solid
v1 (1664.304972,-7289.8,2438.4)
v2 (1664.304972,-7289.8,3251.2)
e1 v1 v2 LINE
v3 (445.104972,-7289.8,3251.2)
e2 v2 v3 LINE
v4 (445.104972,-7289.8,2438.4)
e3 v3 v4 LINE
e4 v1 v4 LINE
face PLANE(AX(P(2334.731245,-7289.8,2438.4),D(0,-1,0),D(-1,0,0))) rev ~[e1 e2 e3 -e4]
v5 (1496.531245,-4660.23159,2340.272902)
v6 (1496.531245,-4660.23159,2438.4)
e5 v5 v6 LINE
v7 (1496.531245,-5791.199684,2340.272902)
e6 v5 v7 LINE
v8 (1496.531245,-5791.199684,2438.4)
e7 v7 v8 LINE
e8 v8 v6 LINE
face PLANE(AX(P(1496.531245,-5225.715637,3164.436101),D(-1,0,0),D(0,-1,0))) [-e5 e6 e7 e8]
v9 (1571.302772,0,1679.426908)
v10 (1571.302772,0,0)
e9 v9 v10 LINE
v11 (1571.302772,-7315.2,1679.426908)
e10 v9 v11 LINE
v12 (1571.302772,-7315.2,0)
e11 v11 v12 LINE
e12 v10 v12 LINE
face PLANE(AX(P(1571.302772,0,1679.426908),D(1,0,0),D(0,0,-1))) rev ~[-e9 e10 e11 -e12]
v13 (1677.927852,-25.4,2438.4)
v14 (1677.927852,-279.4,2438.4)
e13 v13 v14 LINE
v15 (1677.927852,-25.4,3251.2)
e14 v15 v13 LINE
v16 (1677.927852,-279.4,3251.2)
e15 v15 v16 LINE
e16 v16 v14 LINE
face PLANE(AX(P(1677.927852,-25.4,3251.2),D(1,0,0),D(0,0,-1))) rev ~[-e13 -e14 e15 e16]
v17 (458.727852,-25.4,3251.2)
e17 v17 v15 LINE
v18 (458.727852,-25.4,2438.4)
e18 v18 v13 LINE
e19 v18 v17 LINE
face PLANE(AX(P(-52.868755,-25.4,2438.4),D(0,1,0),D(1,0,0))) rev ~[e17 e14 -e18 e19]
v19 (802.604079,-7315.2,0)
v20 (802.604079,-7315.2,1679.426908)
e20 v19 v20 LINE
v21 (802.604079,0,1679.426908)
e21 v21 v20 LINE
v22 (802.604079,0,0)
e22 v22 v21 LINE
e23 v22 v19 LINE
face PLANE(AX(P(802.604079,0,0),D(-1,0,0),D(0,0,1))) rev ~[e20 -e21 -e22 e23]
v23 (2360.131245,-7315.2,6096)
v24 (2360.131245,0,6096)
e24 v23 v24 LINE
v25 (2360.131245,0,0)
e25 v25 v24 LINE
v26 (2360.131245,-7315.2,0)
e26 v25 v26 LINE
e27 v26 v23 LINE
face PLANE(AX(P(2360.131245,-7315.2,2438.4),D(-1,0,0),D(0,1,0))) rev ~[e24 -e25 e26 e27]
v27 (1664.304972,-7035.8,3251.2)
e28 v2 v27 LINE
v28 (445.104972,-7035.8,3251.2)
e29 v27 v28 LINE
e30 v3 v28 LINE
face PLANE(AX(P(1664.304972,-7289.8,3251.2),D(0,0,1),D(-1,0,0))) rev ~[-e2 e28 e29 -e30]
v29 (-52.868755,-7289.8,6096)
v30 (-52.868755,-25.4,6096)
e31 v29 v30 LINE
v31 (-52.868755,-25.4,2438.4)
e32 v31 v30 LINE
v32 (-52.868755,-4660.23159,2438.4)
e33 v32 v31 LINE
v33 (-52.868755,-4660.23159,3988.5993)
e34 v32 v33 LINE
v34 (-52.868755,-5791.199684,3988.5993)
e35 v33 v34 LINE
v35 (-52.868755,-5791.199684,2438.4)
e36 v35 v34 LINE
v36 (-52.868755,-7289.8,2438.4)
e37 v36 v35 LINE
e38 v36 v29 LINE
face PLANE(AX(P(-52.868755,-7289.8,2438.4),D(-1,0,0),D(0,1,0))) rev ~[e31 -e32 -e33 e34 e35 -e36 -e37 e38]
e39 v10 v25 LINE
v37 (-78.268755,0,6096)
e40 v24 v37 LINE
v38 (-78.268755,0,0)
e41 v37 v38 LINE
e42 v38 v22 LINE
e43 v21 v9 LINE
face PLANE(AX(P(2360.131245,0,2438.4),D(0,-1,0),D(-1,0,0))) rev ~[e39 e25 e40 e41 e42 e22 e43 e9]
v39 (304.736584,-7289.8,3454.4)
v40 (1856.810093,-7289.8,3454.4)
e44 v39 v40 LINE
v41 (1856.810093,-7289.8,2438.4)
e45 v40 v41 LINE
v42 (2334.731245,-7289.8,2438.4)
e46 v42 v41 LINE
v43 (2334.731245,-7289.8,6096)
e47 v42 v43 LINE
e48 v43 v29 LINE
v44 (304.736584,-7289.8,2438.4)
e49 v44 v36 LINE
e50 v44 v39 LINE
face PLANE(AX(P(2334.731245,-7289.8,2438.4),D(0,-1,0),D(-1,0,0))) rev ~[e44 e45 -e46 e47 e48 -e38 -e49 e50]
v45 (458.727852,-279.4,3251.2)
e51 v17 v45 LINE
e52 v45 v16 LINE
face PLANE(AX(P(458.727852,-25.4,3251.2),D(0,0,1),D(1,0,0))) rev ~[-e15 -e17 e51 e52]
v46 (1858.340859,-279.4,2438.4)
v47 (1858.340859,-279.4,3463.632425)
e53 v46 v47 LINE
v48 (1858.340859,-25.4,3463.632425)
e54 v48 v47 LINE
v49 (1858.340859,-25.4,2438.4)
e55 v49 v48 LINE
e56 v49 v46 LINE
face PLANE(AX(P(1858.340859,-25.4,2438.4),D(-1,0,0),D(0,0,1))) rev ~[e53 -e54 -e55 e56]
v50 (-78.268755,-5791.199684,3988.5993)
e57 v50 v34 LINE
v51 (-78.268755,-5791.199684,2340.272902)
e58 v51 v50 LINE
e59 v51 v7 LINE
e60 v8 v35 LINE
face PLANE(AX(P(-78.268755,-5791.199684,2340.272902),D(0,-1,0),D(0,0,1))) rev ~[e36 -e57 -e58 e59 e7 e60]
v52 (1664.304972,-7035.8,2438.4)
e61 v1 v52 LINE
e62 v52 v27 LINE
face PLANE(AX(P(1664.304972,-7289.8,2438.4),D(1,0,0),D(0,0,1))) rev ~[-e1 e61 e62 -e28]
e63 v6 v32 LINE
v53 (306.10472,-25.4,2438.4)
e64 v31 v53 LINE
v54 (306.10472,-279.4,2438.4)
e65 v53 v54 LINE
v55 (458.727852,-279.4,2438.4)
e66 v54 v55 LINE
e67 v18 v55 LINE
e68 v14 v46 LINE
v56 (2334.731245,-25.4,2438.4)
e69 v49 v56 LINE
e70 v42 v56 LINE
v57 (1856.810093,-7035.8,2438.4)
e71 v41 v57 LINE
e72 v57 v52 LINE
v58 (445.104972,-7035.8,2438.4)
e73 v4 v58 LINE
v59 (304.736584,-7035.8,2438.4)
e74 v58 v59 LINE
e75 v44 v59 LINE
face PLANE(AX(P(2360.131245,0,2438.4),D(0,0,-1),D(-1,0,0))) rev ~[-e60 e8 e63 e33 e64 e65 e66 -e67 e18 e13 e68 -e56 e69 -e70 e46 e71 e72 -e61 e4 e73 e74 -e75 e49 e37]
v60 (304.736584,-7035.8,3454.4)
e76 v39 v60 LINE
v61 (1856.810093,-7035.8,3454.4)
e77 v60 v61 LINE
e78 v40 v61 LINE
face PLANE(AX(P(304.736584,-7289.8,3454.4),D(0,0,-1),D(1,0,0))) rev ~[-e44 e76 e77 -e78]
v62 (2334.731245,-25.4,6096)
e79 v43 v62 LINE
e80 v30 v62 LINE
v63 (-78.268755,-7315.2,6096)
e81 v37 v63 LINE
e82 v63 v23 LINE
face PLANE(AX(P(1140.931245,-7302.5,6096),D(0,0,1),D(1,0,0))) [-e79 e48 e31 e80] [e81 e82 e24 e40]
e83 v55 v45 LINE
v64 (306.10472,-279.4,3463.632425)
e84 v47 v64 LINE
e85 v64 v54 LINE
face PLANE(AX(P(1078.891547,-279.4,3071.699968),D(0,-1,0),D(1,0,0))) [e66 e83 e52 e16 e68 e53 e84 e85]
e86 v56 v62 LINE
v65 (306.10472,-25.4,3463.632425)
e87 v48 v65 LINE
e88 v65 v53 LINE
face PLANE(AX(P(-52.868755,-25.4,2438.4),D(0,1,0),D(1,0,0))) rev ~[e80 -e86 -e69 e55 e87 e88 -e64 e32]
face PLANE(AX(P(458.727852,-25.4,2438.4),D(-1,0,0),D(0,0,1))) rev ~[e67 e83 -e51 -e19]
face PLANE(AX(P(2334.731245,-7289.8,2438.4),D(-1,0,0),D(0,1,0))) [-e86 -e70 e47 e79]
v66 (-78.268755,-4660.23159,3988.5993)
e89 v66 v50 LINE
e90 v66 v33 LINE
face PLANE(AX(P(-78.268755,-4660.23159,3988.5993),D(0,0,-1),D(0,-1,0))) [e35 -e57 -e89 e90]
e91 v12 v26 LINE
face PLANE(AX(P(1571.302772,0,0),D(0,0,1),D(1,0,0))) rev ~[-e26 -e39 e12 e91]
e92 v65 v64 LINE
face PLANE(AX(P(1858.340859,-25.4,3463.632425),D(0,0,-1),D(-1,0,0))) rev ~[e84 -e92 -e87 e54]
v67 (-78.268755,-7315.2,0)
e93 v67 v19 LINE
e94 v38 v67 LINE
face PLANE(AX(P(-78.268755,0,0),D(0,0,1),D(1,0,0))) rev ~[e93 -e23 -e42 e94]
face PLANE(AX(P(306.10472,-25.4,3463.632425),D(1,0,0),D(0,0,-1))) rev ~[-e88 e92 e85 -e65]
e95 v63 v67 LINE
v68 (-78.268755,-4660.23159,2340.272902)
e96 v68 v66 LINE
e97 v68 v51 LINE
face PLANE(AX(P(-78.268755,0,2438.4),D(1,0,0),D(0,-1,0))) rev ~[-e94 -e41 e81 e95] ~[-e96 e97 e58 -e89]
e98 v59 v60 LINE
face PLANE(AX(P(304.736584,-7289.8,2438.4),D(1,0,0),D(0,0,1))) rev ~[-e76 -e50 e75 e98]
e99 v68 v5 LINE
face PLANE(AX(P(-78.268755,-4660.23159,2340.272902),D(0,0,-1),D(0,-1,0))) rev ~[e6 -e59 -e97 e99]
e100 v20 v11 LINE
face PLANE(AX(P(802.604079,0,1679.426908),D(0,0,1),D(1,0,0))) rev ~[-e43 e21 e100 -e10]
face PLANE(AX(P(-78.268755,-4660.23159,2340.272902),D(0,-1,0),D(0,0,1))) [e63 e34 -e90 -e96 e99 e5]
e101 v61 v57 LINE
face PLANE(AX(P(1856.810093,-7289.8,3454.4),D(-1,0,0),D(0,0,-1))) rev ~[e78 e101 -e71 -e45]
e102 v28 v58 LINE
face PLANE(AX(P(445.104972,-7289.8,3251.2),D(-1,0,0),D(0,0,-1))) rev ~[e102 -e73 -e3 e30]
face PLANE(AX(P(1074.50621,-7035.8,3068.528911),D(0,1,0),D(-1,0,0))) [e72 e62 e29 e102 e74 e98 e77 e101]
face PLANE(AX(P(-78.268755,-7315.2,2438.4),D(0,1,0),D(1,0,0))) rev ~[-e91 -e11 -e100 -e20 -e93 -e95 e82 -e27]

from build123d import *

# Parameters (mm, degrees)
F1_DEPTH = 7315.2
F2_W     = 25.4
F2_H     = 7264.4
F3_DEPTH = 3657.6
F4_W     = 1130.968094
F4_H     = 1648.326397
F5_DEPTH = 1574.8
F7_DEPTH = 254
F9_DEPTH = 254


with BuildPart() as f1:
    # F0 (on Front) → F1 (new body)
    with BuildSketch(Plane.XZ):
        Polygon((2360.131245, 2438.4), (-78.268755, 2438.4), (-78.268755, 0), (802.604079, 0), (802.604079, 1679.426908), (1571.302772, 1679.426908), (1571.302772, 0), (2360.131245, 0), align=None)
    extrude(amount=F1_DEPTH)

    # F2 (on face) → F3 (join)
    with BuildSketch(Plane.XY.offset(2438.4)):
        Polygon((-78.268755, -7289.8), (-78.268755, -7315.2), (2360.131245, -7315.2), (2360.131245, -7289.8), (2334.731245, -7289.8), (-52.868755, -7289.8), align=None)
        Polygon((-78.268755, 0), (-78.268755, -7289.8), (-52.868755, -7289.8), (-52.868755, -25.4), (-52.868755, 0), align=None)
        with Locations((2347.431245, -3657.6)):
            Rectangle(F2_W, F2_H)
        Polygon((2334.731245, -25.4), (2360.131245, -25.4), (2360.131245, 0), (-52.868755, 0), (-52.868755, -25.4), align=None)
    extrude(amount=F3_DEPTH)

    # F4 (on face) → F5 (cut)
    with BuildSketch(Plane(origin=(-78.268755, 0, 0), x_dir=(0, -1, 0), z_dir=(-1, 0, 0))):
        with Locations((5225.715637, 3164.436101)):
            Rectangle(F4_W, F4_H)
    extrude(amount=-F5_DEPTH, mode=Mode.SUBTRACT)

    # F6 (on face) → F7 (join)
    with BuildSketch(Plane.XZ.offset(25.4)):
        Polygon((458.727852, 2438.4), (458.727852, 3251.2), (1677.927852, 3251.2), (1677.927852, 2438.4), (1858.340859, 2438.4), (1858.340859, 3463.632425), (306.10472, 3463.632425), (306.10472, 2438.4), align=None)
    extrude(amount=F7_DEPTH)

    # F8 (on face) → F9 (join)
    with BuildSketch(Plane(origin=(0, -7289.8, 0), x_dir=(-1, 0, 0), z_dir=(0, 1, 0))):
        Polygon((-1664.304972, 2438.4), (-1664.304972, 3251.2), (-445.104972, 3251.2), (-445.104972, 2438.4), (-304.736584, 2438.4), (-304.736584, 3454.4), (-1856.810093, 3454.4), (-1856.810093, 2438.4), align=None)
    extrude(amount=F9_DEPTH)


solid = f1.part
